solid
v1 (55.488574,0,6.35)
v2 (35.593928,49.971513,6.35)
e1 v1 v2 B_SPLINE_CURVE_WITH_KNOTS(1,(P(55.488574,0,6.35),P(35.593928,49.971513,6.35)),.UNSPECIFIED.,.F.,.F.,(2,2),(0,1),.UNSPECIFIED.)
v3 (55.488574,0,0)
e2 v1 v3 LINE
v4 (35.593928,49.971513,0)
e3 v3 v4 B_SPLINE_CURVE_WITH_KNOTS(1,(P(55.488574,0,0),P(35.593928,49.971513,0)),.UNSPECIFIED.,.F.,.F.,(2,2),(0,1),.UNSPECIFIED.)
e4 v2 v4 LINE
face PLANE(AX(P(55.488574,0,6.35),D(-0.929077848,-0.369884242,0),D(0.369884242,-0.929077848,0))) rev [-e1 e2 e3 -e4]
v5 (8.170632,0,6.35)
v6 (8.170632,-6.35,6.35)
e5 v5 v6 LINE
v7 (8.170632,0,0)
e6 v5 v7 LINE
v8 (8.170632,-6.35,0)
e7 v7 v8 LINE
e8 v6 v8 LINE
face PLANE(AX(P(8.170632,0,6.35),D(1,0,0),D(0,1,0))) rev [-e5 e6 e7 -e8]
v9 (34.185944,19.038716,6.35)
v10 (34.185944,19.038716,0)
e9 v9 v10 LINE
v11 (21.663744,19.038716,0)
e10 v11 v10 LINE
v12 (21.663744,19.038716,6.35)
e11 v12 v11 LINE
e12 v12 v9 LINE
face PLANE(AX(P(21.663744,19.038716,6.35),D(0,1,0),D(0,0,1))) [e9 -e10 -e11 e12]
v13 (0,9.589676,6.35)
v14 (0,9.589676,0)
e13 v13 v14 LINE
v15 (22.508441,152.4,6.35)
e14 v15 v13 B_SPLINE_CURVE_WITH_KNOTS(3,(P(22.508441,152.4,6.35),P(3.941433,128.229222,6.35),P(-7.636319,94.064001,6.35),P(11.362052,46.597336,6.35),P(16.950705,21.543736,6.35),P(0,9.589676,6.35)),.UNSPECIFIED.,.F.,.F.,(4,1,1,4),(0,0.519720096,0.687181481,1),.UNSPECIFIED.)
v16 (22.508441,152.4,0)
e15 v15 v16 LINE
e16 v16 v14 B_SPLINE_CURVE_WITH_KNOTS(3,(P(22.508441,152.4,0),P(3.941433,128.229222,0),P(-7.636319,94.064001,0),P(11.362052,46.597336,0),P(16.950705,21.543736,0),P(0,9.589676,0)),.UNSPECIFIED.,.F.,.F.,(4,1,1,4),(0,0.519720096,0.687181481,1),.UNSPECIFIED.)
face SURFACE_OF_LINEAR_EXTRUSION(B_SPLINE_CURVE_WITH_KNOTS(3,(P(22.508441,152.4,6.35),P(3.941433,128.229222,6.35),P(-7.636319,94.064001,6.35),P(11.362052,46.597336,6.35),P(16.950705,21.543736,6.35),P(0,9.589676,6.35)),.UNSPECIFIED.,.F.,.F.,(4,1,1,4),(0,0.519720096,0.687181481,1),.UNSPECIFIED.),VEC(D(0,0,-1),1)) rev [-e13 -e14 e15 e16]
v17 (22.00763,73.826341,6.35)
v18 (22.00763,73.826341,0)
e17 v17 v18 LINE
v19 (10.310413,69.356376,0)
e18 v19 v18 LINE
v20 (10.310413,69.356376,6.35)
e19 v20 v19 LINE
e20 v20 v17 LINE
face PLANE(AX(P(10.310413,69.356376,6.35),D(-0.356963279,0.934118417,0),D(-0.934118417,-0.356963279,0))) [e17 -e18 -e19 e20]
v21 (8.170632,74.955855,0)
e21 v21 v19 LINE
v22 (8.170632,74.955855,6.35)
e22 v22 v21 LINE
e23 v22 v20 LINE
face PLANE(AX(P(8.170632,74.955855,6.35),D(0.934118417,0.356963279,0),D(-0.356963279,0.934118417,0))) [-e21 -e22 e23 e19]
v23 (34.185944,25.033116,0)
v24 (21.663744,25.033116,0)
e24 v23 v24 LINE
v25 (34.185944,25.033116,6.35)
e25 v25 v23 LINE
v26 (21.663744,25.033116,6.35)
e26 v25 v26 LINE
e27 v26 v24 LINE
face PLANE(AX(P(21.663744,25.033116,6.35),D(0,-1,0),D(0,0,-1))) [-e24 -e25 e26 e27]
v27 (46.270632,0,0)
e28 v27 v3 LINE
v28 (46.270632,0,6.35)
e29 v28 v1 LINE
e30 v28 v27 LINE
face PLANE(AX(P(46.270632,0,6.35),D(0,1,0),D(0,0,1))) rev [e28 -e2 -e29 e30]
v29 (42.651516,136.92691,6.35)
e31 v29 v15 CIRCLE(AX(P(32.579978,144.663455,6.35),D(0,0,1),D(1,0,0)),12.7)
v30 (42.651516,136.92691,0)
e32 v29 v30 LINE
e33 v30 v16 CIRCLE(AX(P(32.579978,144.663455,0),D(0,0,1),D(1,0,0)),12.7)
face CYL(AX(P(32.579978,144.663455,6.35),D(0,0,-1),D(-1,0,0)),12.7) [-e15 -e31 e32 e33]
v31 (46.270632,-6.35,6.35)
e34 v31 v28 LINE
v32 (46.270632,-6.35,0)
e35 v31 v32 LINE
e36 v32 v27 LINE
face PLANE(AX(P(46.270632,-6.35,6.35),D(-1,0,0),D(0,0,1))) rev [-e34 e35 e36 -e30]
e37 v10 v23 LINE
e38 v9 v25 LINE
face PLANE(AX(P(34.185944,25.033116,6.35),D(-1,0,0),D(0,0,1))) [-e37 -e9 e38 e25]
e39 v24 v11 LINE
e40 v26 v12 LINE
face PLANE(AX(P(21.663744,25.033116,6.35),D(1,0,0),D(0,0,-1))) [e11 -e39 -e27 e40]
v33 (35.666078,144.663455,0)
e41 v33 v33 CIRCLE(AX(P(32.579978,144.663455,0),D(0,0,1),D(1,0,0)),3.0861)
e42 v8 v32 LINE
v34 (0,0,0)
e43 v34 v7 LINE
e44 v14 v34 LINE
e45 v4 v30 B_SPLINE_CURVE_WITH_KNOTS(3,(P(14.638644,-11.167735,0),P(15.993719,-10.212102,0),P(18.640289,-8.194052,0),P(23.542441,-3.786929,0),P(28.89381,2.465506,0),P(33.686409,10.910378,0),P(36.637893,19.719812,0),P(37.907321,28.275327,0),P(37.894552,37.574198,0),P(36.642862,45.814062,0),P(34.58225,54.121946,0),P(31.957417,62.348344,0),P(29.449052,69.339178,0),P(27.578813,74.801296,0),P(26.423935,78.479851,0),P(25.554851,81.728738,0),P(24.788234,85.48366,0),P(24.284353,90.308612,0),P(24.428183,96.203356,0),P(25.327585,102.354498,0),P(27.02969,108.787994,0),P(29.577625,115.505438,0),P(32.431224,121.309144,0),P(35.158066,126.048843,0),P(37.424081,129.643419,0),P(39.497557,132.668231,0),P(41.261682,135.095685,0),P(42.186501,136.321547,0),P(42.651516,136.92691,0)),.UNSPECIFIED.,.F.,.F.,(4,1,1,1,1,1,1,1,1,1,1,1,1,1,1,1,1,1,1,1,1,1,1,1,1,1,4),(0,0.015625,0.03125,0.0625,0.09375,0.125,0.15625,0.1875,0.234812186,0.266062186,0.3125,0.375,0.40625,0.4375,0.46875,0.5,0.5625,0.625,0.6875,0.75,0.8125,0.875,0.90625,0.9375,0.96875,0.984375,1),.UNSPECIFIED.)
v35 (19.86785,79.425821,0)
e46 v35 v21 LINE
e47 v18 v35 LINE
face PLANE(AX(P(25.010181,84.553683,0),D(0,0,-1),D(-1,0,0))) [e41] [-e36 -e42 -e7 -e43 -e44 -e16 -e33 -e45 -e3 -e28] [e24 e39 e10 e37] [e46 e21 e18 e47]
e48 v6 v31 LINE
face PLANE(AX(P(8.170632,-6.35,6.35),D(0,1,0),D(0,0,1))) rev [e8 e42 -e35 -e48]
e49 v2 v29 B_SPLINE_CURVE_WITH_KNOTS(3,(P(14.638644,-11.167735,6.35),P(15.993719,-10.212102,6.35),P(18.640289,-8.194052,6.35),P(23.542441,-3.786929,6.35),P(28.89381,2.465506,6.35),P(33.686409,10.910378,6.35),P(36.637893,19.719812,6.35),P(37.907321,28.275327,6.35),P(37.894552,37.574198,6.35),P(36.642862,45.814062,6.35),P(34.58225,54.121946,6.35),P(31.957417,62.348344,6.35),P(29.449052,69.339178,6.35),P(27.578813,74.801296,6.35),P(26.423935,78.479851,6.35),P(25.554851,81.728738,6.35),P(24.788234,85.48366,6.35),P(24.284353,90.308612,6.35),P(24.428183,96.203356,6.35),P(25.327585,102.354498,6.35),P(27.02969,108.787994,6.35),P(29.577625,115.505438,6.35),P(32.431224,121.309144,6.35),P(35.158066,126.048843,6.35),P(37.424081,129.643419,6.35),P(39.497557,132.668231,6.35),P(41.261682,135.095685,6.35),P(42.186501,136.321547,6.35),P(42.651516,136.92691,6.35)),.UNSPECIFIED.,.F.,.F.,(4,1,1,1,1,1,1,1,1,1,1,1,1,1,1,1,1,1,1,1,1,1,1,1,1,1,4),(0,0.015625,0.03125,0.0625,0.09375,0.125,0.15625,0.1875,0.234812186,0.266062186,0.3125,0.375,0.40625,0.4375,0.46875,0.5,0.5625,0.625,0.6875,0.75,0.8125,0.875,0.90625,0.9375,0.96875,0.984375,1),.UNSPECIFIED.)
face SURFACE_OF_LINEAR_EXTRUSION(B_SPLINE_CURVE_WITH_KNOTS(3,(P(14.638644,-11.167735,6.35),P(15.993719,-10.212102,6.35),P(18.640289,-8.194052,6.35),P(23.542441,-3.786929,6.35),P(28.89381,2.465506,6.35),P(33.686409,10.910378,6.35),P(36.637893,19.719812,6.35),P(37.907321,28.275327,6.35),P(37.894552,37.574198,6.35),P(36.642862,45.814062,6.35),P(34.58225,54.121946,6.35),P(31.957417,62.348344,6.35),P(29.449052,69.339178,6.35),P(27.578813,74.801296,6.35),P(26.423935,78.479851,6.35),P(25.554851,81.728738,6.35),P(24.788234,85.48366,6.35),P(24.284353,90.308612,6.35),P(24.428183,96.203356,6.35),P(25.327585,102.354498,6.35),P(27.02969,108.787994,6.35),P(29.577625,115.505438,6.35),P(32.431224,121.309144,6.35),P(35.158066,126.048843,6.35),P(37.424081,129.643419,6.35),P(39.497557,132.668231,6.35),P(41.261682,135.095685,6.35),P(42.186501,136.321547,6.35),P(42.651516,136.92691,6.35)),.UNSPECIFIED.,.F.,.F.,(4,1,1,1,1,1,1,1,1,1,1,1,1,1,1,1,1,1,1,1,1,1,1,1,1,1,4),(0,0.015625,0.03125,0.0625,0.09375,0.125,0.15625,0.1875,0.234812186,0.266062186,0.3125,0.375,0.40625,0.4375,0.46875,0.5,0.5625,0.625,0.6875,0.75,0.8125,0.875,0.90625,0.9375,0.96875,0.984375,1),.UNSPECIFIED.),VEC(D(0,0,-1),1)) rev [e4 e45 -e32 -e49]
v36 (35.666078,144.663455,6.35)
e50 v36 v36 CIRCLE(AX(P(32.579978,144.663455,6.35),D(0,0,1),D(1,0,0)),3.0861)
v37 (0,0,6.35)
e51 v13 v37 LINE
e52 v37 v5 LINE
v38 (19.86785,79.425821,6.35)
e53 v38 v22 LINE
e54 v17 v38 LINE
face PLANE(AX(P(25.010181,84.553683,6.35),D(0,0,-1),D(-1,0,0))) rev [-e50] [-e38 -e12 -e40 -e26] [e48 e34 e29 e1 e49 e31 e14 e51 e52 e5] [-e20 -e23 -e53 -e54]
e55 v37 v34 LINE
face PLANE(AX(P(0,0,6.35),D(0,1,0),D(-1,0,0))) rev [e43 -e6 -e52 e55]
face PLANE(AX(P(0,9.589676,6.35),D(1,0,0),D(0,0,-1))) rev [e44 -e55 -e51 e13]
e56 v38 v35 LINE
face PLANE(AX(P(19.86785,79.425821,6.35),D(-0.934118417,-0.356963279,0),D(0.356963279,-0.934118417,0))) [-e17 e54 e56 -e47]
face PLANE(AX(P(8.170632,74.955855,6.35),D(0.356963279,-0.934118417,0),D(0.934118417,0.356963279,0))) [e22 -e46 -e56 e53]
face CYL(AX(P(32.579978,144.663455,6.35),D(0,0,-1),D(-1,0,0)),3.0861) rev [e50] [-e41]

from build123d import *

# Parameters (mm, degrees)
SKETCH1_R           = 3.0861
SKETCH1_W           = 12.5222
SKETCH1_H           = 5.9944
BOSS_EXTRUDE1_DEPTH = 6.35


with BuildPart() as part:
    # Sketch1 → Boss-Extrude1 (new body)
    with BuildSketch(Plane.XY):
        with BuildLine():
            Line((0, 0), (8.17063217, 0))
            Line((8.17063217, 0), (8.17063217, -6.35))
            Line((8.17063217, -6.35), (46.27063217, -6.35))
            Line((46.27063217, -6.35), (46.27063217, 0))
            Line((46.27063217, 0), (55.488574343, 0))
            Line((55.488574343, 0), (35.593928158, 49.97151257))
            add(Edge.make_bspline(
                [(35.593928158, 49.97151257), (35.340737153, 51.011091182), (34.289692424, 55.03884072), (31.957417171, 62.348344314), (29.449052089, 69.339178116), (27.57881277, 74.801296199), (26.423935243, 78.479850782), (25.55485091, 81.728738299), (24.788233703, 85.483659955), (24.284352637, 90.308612383), (24.428183006, 96.20335615), (25.327585112, 102.354497696), (27.029689584, 108.787993917), (29.577624998, 115.505437797), (32.431224266, 121.309144006), (35.158066015, 126.048842881), (37.424080544, 129.643418636), (39.497556945, 132.668231109), (41.261681964, 135.095684908), (42.186501173, 136.321547482), (42.651516027, 136.926910036)],
                knots=[0.250437186, 0.250437186, 0.250437186, 0.250437186, 0.266062186, 0.3125, 0.375, 0.40625, 0.4375, 0.46875, 0.5, 0.5625, 0.625, 0.6875, 0.75, 0.8125, 0.875, 0.90625, 0.9375, 0.96875, 0.984375, 1, 1, 1, 1], degree=3))
            ThreePointArc((42.651516027, 136.926910036), (40.316523303, 154.734992723), (22.508440616, 152.4))
            add(Edge.make_bspline(
                [(0, 9.589675689), (16.950704725, 21.543735705), (11.362052202, 46.597336486), (-7.636318626, 94.064001484), (3.941433469, 128.229221831), (22.508440616, 152.4)],
                knots=[0, 0, 0, 0, 0.312818519, 0.480279904, 1, 1, 1, 1], degree=3))
            Line((0, 9.589675689), (0, 0))
        make_face()
        with Locations((32.579978321, 144.663455018)):
            Circle(SKETCH1_R, mode=Mode.SUBTRACT)
        Polygon((8.17063217, 74.955854978), (10.310412852, 69.356375539), (22.007630495, 73.826341117), (19.867849812, 79.425820556), align=None, mode=Mode.SUBTRACT)
        with Locations((27.92484424, 22.035916142)):
            Rectangle(SKETCH1_W, SKETCH1_H, mode=Mode.SUBTRACT)
    extrude(amount=BOSS_EXTRUDE1_DEPTH)


solid = part.part
